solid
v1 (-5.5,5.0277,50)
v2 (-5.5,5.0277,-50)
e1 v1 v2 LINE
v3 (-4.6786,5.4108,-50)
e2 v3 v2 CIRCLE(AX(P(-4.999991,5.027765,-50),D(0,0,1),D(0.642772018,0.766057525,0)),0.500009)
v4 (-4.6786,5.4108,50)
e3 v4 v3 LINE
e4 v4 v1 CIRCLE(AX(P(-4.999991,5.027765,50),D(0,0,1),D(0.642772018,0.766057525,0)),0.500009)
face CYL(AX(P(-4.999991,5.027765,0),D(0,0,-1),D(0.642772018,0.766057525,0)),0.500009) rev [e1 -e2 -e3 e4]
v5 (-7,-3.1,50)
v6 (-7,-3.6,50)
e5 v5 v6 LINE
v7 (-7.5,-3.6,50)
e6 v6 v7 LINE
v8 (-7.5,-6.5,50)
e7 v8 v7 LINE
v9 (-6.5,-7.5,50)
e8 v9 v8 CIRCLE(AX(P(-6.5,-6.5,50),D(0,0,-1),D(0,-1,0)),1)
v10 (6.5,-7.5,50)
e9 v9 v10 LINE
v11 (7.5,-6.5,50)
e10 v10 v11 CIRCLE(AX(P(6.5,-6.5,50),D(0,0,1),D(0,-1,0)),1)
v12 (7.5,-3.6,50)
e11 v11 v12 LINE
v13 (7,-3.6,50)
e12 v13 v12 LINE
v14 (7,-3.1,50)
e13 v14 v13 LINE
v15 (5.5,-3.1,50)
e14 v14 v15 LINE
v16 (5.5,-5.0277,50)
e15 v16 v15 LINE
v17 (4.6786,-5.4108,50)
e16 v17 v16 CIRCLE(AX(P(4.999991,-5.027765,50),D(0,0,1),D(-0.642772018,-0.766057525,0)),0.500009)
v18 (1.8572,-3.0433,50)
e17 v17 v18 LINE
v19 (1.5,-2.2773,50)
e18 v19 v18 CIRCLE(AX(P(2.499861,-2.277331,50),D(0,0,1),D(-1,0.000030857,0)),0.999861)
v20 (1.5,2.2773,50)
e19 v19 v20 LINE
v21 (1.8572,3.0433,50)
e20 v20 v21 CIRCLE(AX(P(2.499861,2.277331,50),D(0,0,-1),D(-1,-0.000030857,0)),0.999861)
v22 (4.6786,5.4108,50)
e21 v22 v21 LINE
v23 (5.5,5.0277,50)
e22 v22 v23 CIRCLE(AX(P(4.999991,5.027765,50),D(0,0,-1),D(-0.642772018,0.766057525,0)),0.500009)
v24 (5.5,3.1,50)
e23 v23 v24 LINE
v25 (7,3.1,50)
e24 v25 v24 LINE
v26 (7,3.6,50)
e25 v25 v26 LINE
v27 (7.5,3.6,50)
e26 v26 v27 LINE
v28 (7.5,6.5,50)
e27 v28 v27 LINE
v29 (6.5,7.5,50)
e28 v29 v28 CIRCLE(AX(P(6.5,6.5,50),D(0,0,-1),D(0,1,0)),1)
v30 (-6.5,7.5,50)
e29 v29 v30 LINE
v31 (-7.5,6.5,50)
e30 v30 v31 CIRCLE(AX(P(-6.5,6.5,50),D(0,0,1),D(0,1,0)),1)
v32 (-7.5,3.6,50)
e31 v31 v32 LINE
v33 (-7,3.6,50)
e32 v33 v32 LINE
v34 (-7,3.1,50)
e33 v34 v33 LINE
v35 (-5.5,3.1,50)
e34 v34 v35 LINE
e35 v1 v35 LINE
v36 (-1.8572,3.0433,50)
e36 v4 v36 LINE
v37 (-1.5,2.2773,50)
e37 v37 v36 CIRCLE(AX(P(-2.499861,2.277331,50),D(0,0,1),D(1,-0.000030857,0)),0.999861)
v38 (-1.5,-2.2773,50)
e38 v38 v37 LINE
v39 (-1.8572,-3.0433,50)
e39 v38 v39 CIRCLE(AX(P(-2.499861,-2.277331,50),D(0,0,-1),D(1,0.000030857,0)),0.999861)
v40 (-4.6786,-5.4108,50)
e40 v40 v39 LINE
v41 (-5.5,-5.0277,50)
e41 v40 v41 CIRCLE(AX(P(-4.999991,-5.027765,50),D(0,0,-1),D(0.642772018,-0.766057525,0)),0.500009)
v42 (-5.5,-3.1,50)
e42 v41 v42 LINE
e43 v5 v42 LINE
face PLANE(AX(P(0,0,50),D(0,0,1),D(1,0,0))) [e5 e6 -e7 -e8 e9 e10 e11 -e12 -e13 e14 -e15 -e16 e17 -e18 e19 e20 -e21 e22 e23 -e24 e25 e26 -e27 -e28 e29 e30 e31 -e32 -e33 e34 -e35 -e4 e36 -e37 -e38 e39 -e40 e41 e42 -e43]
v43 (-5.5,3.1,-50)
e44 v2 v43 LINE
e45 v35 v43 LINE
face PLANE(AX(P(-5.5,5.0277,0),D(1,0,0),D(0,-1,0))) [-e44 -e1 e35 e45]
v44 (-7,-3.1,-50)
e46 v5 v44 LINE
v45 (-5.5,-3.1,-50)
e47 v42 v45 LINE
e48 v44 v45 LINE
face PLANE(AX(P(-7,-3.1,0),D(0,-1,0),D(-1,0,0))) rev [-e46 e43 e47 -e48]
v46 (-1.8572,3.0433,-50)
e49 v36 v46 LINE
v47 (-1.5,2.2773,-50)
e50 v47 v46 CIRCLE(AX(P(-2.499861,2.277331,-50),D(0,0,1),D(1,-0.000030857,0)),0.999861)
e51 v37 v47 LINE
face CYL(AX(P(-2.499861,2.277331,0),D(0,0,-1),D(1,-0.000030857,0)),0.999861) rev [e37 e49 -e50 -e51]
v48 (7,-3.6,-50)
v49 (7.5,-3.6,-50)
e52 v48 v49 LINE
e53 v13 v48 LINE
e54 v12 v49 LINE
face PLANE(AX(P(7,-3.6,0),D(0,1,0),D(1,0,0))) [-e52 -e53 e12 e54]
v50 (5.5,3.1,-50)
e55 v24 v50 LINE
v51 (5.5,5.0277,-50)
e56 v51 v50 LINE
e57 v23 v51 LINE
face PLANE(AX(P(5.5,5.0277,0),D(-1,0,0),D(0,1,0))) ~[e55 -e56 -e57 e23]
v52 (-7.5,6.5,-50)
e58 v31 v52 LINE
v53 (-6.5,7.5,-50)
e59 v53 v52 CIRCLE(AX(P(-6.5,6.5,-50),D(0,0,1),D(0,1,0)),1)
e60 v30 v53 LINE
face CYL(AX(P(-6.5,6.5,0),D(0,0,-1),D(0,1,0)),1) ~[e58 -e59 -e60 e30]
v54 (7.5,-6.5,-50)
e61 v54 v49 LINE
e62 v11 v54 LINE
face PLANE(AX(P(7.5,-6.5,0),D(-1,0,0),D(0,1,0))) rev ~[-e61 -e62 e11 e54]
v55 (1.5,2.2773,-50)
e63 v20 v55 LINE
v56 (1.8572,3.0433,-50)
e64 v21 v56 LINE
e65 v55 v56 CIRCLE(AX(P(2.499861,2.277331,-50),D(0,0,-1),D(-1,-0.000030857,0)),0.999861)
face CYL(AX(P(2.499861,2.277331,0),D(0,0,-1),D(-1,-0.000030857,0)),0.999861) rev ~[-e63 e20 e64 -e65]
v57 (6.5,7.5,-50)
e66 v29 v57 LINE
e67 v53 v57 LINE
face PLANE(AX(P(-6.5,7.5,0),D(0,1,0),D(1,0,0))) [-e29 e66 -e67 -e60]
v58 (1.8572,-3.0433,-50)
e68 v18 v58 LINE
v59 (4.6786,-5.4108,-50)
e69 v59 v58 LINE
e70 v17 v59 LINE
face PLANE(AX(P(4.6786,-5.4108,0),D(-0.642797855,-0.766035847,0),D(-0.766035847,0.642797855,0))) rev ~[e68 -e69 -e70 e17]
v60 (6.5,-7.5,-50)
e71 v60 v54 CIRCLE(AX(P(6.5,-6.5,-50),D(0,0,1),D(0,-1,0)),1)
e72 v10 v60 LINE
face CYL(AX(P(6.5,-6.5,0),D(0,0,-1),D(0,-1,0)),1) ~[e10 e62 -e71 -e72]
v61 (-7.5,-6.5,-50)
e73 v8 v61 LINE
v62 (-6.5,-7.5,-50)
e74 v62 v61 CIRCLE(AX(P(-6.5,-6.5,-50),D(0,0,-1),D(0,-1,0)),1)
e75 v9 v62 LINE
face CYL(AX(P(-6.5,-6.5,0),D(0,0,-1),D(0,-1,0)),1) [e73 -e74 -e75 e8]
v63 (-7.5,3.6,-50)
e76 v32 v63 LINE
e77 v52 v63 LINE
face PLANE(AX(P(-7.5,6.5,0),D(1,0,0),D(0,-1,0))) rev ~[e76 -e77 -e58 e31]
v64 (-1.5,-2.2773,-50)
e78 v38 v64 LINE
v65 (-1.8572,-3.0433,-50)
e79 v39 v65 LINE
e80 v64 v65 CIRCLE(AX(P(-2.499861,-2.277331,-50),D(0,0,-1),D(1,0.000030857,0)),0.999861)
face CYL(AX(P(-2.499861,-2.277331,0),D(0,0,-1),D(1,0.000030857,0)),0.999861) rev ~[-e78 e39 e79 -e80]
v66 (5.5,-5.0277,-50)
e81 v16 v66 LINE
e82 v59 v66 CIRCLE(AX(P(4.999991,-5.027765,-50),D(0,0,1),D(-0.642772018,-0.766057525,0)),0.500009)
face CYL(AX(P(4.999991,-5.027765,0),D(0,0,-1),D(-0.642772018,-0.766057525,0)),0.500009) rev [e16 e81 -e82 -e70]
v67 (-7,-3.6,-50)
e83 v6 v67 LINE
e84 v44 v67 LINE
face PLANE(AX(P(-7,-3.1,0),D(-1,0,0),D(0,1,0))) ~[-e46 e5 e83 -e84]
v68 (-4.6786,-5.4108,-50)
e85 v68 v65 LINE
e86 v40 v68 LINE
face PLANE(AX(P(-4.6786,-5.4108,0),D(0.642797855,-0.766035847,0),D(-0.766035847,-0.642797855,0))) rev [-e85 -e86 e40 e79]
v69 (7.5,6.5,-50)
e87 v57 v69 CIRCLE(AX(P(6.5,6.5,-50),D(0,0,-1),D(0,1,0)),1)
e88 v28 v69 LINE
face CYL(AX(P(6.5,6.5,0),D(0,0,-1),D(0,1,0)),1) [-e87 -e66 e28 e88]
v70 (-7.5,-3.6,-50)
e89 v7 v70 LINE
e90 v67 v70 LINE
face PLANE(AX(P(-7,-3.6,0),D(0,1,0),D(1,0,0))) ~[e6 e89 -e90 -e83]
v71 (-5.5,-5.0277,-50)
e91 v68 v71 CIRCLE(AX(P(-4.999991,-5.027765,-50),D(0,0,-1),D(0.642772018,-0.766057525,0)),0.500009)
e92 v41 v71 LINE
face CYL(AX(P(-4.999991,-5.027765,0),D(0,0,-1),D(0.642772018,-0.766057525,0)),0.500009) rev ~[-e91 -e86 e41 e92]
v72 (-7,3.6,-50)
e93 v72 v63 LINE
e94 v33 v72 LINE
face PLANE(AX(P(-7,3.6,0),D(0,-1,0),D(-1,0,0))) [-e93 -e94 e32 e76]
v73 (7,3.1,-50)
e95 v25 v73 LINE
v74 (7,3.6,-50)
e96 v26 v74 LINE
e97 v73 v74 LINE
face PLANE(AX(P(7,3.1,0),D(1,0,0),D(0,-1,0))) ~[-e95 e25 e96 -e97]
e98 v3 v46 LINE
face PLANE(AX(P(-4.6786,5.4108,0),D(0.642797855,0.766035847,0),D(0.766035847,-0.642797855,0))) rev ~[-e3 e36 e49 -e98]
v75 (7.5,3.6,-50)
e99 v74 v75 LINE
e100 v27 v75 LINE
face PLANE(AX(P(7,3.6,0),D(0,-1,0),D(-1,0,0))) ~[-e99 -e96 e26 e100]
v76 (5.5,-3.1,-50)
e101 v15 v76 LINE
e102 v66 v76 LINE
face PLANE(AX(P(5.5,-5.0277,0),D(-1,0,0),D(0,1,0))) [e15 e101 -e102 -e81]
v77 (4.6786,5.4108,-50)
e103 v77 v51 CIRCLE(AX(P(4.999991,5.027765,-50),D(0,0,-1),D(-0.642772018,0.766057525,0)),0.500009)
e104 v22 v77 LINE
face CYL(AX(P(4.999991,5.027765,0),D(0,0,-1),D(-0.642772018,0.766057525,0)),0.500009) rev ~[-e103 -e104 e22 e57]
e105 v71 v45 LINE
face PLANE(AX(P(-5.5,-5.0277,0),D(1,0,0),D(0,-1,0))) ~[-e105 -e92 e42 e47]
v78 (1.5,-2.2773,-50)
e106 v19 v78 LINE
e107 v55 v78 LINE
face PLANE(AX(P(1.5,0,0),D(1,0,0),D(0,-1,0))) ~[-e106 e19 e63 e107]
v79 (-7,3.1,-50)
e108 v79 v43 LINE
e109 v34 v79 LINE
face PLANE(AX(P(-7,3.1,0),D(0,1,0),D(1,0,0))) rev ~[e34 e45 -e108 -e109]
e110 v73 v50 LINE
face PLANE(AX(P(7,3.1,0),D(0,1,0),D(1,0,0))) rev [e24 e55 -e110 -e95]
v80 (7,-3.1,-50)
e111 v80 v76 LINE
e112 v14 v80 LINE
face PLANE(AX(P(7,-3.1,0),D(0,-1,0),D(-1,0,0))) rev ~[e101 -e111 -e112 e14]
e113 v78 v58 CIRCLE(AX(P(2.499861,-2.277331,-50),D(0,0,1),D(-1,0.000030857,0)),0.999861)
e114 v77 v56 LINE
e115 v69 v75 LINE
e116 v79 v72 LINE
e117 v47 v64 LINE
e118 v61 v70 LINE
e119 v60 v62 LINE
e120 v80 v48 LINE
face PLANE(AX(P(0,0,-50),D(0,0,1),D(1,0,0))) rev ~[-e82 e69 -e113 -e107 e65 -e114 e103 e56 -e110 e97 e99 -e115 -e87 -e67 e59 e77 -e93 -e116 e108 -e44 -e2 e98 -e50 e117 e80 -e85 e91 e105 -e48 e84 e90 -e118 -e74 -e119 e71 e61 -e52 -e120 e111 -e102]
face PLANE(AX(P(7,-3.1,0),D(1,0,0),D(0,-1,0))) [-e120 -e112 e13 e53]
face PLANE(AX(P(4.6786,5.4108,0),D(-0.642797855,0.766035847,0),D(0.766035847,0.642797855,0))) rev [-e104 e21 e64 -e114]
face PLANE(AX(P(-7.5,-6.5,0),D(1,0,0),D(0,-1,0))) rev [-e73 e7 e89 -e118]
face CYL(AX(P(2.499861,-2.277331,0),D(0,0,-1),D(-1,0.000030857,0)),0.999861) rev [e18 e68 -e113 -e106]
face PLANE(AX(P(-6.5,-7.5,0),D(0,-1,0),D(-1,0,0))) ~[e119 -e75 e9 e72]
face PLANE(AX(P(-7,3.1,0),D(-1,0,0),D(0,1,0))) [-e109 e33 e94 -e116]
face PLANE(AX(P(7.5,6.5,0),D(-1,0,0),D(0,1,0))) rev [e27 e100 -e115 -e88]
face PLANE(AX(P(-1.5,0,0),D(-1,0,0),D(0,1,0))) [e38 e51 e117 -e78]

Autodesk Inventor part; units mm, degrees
ref_plane "YZ Plane" through (0, 0, 0) normal (1, 0, 0) x (0, 1, 0)
ref_plane "XZ Plane" through (0, 0, 0) normal (0, 1, 0) x (-1, 0, 0)
ref_plane "XY Plane" through (0, 0, 0) normal (0, 0, 1) x (1, 0, 0)
sketch "Esboço1" plane through (0, 0, 0) normal (0, 0, 1) x (1, 0, 0)
  line L0 (-7.5, 7.5) -> (7.5, 7.5) construction
  line L1 (-7.5, 7.5) -> (-7.5, 3.1) construction
  line L2 (-7.5, 3.1) -> (-5.5, 3.1) construction
  line L3 (-5.5, 6.1) -> (-5.5, 3.1) construction
  line L4 (-5.5, 6.1) -> (-1.5, 2.7436) construction
  line L5 (-1.5, 2.7436) -> (-1.5, 0) construction
  line L6 (-1.5, 0) -> (0, 0)
  line L7 (0, 0) -> (0, 7.5)
  arc A0 (-6.5, 7.5) -> (-7.5, 6.5) centre (-6.5, 6.5) ccw
  arc A1 (-4.6786, 5.4108) -> (-5.5, 5.0277) centre (-5, 5.0277) ccw
  arc A2 (-1.5, 2.2773) -> (-1.8572, 3.0433) centre (-2.5, 2.2773) ccw
  line L8 (-7.5, 3.1) -> (-7, 3.1) construction
  line L9 (-7, 3.1) -> (-7, 3.6)
  line L10 (-7, 3.6) -> (-7.5, 3.6)
  line L11 (-7.5, 3.6) -> (-7.5, 3.1) construction
  line L12 (-7.5, 6.5) -> (-7.5, 3.6)
  line L13 (-7, 3.1) -> (-5.5, 3.1)
  line L14 (-5.5, 5.0277) -> (-5.5, 3.1)
  line L15 (-4.6786, 5.4108) -> (-1.8572, 3.0433)
  line L16 (-1.5, 0) -> (-1.5, 2.2773)
  line L17 (-6.5, 7.5) -> (0, 7.5)
  point P0 (-7.5, 5.3)
  dimension "d0" = 15
  dimension "d2" = 7.5
  dimension "d3" = 3.1
  dimension "d4" = 2
  dimension "d5" = 3
  dimension "d6" = 6
  dimension "d7" = 50
  dimension "d10" = 1
  dimension "d11" = 0.5
  dimension "d12" = 1
  dimension "d13" = 0.5
extrude "Extrusão1" add sketch "Esboço1" along normal mid plane 100
mirror "Espelhar1" about plane through (0, 0, 0) normal (1, 0, 0) of "Extrusão1"
mirror "Espelhar2" about plane through (0, 0, 0) normal (0, 1, 0) of "Extrusão1", "Espelhar1"
properties part number "perfil_15x15_001" material "Alumínio 6061"
